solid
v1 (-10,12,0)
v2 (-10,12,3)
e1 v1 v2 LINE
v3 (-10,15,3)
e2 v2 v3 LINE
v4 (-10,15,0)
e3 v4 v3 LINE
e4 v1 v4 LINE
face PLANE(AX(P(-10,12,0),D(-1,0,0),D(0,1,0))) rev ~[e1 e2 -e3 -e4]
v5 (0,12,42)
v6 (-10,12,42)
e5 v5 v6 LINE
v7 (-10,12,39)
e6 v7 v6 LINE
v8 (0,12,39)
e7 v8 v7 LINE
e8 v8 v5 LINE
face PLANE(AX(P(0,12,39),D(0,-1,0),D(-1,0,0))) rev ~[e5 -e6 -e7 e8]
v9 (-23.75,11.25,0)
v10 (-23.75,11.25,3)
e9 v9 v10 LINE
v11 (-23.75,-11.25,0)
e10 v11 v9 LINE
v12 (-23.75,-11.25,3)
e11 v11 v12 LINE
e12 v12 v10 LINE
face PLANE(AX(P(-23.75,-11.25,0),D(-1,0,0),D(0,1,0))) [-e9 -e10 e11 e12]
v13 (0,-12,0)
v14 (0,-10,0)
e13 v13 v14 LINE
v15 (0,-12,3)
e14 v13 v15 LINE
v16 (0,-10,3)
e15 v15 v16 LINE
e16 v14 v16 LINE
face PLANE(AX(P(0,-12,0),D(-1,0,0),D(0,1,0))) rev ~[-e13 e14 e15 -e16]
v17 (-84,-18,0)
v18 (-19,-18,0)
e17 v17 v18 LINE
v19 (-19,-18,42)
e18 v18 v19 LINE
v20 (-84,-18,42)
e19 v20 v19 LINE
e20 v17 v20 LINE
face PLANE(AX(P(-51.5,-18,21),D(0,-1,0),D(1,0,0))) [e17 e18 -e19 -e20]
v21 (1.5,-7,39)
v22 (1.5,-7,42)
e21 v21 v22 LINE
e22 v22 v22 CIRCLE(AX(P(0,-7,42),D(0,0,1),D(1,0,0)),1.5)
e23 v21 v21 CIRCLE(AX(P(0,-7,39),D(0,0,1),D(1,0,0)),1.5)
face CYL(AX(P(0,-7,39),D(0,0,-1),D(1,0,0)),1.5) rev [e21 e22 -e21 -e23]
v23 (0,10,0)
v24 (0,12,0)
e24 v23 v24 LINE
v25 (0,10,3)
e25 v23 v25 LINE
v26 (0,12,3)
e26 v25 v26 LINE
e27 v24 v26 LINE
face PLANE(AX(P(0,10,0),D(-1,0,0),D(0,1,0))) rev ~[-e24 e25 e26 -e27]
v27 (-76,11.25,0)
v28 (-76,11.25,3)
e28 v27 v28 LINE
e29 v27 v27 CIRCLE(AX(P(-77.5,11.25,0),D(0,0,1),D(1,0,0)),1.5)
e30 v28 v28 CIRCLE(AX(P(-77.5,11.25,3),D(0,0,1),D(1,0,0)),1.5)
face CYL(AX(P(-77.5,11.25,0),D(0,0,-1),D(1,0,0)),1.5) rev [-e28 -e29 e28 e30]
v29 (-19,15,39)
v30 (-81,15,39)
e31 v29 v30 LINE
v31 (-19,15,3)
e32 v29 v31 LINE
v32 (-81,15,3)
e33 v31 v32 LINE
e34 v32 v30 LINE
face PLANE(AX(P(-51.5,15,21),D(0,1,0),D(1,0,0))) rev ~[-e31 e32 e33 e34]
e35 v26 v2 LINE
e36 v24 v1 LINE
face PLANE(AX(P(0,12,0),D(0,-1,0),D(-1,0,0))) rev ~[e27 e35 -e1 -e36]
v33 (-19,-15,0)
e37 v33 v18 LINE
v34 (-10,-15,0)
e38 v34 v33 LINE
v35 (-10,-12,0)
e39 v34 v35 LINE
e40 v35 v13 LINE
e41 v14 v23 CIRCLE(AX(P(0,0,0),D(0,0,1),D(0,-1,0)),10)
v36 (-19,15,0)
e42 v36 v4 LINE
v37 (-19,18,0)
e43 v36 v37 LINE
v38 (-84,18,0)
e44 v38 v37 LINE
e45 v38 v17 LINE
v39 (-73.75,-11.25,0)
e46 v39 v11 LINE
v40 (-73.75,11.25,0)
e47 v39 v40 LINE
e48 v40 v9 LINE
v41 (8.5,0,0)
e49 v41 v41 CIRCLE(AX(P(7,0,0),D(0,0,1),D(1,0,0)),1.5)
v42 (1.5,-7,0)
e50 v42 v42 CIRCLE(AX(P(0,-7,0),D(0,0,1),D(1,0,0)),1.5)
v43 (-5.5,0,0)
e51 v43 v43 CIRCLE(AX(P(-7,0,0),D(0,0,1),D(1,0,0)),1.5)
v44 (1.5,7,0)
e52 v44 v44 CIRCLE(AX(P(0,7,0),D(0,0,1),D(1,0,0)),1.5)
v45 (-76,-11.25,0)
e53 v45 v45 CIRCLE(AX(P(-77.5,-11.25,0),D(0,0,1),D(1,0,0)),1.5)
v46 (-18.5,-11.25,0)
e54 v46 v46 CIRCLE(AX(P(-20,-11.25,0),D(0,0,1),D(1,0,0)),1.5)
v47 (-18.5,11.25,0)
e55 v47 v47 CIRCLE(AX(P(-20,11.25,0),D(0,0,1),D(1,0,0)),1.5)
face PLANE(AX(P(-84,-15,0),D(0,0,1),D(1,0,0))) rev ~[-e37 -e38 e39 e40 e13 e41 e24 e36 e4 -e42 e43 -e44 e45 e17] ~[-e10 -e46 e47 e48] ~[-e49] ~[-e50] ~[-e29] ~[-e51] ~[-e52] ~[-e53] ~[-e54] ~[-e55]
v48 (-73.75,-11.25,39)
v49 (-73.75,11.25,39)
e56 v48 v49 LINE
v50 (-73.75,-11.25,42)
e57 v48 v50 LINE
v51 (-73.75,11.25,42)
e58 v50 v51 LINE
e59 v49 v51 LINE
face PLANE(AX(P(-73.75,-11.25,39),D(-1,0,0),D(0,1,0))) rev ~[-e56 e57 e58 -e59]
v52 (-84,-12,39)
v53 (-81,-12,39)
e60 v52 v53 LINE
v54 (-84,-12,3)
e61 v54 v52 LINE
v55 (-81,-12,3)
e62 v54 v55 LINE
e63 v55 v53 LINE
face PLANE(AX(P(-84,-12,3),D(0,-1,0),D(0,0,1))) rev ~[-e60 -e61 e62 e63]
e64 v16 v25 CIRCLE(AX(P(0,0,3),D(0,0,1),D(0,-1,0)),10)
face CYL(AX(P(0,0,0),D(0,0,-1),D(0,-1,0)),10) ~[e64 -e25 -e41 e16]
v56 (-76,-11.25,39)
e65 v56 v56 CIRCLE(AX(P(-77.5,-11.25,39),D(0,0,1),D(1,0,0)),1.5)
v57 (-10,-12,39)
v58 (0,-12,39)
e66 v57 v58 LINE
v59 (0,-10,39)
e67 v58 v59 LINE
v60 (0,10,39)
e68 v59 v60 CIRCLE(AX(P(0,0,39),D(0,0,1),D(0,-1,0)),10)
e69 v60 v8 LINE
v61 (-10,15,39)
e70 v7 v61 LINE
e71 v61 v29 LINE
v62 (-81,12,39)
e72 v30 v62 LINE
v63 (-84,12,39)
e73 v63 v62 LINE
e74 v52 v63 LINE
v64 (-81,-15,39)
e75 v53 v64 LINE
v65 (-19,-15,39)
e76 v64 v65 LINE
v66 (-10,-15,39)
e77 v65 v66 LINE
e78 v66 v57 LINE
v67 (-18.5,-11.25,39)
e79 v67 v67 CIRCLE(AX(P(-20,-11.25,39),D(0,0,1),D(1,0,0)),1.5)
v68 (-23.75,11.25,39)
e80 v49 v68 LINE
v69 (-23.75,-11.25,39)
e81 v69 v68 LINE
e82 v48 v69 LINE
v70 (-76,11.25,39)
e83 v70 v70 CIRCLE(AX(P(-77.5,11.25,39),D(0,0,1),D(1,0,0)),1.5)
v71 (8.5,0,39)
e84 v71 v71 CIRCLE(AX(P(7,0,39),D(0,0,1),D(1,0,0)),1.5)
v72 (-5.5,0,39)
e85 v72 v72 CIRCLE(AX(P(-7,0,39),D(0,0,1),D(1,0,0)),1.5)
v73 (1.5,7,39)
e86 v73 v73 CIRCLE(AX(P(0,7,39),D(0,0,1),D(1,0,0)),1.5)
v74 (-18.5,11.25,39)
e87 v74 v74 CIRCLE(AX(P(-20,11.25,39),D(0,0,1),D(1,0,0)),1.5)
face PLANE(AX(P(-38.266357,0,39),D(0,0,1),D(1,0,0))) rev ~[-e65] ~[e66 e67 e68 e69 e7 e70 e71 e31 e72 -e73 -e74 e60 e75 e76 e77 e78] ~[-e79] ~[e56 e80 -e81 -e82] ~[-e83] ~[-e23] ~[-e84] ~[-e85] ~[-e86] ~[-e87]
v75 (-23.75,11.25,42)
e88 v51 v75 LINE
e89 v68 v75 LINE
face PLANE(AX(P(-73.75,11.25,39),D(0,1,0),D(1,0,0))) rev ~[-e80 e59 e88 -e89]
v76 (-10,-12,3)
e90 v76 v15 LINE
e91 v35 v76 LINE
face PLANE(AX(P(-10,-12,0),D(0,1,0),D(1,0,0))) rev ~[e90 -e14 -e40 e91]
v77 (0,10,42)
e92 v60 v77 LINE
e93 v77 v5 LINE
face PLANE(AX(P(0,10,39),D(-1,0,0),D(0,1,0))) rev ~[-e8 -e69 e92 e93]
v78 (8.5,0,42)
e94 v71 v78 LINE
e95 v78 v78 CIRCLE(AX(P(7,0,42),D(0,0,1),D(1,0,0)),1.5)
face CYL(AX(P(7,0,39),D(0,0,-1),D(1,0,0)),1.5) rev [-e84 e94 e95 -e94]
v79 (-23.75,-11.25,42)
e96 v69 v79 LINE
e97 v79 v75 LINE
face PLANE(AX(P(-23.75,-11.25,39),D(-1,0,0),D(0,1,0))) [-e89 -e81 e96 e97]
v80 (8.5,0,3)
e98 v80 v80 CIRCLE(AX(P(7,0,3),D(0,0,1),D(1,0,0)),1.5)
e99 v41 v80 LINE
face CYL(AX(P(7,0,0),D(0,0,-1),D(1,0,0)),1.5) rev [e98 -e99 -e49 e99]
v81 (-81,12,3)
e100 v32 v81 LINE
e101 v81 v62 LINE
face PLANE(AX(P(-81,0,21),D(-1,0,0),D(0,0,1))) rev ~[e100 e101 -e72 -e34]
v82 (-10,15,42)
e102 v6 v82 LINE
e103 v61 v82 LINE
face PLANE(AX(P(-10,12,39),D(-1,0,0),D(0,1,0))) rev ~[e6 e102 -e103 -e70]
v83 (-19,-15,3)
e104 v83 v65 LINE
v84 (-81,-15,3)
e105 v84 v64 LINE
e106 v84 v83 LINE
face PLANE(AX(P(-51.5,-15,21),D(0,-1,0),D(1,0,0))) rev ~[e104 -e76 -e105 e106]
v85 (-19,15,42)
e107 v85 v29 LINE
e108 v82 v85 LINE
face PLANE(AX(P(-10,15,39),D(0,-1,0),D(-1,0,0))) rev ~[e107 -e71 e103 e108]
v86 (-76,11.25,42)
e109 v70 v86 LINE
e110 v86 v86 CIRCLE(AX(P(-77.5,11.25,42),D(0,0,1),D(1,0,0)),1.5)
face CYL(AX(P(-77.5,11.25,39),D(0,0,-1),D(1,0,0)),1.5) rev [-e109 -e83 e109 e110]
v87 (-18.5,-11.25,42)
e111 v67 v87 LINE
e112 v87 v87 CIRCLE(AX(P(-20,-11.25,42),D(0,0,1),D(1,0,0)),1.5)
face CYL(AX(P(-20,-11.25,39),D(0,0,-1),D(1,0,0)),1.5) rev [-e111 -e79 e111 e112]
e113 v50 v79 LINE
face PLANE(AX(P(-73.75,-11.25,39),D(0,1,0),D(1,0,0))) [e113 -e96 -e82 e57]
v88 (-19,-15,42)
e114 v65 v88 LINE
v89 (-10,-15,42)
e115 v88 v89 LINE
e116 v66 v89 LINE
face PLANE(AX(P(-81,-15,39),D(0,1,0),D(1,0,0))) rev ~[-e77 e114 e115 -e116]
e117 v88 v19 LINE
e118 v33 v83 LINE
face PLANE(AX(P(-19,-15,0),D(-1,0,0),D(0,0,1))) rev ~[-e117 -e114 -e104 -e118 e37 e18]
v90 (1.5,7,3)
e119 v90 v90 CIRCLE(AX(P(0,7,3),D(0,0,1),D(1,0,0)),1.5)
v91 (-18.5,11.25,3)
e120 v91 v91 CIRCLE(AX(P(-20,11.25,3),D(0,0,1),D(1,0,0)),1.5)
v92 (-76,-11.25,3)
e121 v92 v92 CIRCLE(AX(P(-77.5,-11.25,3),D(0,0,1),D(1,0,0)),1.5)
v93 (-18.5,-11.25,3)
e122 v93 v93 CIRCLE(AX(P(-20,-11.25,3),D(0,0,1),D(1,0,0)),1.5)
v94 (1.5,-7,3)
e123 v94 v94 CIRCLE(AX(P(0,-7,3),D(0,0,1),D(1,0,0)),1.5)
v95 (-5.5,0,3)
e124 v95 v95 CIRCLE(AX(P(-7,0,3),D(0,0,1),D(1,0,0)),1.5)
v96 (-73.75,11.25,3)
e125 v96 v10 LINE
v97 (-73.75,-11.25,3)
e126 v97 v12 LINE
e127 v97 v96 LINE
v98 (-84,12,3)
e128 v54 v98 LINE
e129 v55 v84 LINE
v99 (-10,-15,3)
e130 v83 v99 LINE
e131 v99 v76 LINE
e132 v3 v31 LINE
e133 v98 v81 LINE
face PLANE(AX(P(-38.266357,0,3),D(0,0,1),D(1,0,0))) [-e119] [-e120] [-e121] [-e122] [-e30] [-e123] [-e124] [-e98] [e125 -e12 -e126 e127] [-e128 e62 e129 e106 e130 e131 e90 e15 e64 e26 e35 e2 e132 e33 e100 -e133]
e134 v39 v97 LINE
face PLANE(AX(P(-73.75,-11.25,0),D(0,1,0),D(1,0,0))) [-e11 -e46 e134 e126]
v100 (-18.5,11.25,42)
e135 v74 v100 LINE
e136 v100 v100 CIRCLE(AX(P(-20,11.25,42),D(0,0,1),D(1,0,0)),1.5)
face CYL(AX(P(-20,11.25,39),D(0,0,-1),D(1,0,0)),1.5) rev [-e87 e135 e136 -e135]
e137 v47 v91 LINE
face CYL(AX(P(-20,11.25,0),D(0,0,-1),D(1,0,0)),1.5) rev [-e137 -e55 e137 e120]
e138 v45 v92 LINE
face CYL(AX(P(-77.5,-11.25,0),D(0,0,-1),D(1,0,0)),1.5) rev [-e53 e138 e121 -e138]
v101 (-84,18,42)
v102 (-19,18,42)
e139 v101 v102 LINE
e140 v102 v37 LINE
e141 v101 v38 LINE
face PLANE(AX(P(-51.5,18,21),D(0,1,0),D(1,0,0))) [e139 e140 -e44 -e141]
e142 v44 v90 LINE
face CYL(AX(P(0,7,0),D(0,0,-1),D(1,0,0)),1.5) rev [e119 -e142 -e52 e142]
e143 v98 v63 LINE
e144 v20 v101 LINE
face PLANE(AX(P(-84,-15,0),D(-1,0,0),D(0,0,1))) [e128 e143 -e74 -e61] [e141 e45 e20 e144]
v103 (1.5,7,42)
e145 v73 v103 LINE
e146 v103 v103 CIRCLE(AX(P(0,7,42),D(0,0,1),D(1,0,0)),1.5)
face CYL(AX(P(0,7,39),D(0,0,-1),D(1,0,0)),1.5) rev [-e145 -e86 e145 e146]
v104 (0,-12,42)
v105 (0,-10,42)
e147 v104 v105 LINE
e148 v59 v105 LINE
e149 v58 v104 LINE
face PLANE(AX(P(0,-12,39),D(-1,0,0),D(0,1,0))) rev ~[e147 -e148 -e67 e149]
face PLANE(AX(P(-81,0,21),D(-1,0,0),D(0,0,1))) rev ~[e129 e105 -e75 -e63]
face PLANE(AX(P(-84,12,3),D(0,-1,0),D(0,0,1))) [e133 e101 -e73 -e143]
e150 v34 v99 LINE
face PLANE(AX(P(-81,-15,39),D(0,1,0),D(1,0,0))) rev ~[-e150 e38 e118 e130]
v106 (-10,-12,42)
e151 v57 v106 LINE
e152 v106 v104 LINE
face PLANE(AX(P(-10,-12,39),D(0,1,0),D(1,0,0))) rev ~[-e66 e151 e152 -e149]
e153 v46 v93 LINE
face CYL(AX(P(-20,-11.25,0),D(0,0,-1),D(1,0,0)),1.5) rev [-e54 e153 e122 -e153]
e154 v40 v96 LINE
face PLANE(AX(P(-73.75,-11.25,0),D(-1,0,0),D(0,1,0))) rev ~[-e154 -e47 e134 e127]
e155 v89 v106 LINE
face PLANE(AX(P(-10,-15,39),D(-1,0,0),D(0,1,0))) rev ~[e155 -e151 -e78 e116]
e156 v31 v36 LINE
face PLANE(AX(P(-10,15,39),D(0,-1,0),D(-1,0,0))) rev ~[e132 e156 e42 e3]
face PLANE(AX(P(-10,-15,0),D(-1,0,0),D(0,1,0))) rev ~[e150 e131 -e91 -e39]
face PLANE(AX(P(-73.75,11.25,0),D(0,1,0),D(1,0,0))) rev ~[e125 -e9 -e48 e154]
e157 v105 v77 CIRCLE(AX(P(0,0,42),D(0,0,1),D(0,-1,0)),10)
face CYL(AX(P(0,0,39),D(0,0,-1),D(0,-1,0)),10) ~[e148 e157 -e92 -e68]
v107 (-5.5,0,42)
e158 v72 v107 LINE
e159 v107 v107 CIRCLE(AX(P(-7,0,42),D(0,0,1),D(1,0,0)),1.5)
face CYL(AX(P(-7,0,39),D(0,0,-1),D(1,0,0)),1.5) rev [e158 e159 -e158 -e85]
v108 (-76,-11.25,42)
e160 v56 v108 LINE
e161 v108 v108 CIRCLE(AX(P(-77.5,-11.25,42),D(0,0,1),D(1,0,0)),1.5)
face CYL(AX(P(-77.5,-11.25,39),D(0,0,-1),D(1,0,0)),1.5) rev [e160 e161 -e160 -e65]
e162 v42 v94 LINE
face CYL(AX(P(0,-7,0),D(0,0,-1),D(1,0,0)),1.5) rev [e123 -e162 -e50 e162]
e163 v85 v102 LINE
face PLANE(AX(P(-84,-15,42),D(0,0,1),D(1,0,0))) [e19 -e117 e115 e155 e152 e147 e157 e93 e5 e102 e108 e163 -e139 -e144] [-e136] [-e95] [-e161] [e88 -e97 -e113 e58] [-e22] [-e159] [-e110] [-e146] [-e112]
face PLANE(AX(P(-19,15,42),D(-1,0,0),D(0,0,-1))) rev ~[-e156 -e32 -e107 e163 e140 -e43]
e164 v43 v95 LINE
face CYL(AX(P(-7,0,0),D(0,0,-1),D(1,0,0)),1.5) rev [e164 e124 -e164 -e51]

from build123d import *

# Parameters (mm, degrees)
SKETCH1_R           = 1.5
SKETCH1_W           = 50
SKETCH1_H           = 22.5
BOSS_EXTRUDE2_DEPTH = 3
SKETCH2_W           = 42
SKETCH2_H           = 30
BOSS_EXTRUDE3_DEPTH = 3
BOSS_EXTRUDE4_START = 39
SKETCH1_2_R         = 1.5
SKETCH1_2_W         = 50
SKETCH1_2_H         = 22.5
BOSS_EXTRUDE4_DEPTH = 3
SKETCH4_W           = 36
SKETCH4_H           = 24
CUT_EXTRUDE1_DEPTH  = 3
SKETCH5_W           = 65
SKETCH5_H           = 42
BOSS_EXTRUDE5_DEPTH = 3
SKETCH6_W           = 65
SKETCH6_H           = 42
BOSS_EXTRUDE6_DEPTH = 3


with BuildPart() as part:
    # Sketch1 → Boss-Extrude2 (new body)
    with BuildSketch(Plane.XY):
        with BuildLine():
            Line((0, 10), (0, 12))
            Line((0, 12), (-10, 12))
            Line((-10, 12), (-10, 15))
            Line((-10, 15), (-81, 15))
            Line((-81, 15), (-81, -15))
            Line((-81, -15), (-10, -15))
            Line((-10, -15), (-10, -12))
            Line((-10, -12), (0, -12))
            Line((0, -12), (0, -10))
            ThreePointArc((0, -10), (10, 0), (0, 10))
        make_face()
        with Locations((0, 7)):
            Circle(SKETCH1_R, mode=Mode.SUBTRACT)
        with Locations((7, 0)):
            Circle(SKETCH1_R, mode=Mode.SUBTRACT)
        with Locations((0, -7)):
            Circle(SKETCH1_R, mode=Mode.SUBTRACT)
        with Locations((-7, 0)):
            Circle(SKETCH1_R, mode=Mode.SUBTRACT)
        with Locations((-20, 11.25)):
            Circle(SKETCH1_R, mode=Mode.SUBTRACT)
        with Locations((-20, -11.25)):
            Circle(SKETCH1_R, mode=Mode.SUBTRACT)
        with Locations((-77.5, 11.25)):
            Circle(SKETCH1_R, mode=Mode.SUBTRACT)
        with Locations((-77.5, -11.25)):
            Circle(SKETCH1_R, mode=Mode.SUBTRACT)
        with Locations((-48.75, 0)):
            Rectangle(SKETCH1_W, SKETCH1_H, mode=Mode.SUBTRACT)
    extrude(amount=BOSS_EXTRUDE2_DEPTH)

    # Sketch2 → Boss-Extrude3 (add)
    with BuildSketch(Plane.ZY.offset(81)):
        with Locations((21, 0)):
            Rectangle(SKETCH2_W, SKETCH2_H)
    extrude(amount=BOSS_EXTRUDE3_DEPTH)

    # Sketch1<2> → Boss-Extrude4 (add)
    with BuildSketch(Plane.XY.offset(BOSS_EXTRUDE4_START)):
        with BuildLine():
            Line((0, 10), (0, 12))
            Line((0, 12), (-10, 12))
            Line((-10, 12), (-10, 15))
            Line((-10, 15), (-81, 15))
            Line((-81, 15), (-81, -15))
            Line((-81, -15), (-10, -15))
            Line((-10, -15), (-10, -12))
            Line((-10, -12), (0, -12))
            Line((0, -12), (0, -10))
            ThreePointArc((0, -10), (10, 0), (0, 10))
        make_face()
        with Locations((0, 7)):
            Circle(SKETCH1_2_R, mode=Mode.SUBTRACT)
        with Locations((7, 0)):
            Circle(SKETCH1_2_R, mode=Mode.SUBTRACT)
        with Locations((0, -7)):
            Circle(SKETCH1_2_R, mode=Mode.SUBTRACT)
        with Locations((-7, 0)):
            Circle(SKETCH1_2_R, mode=Mode.SUBTRACT)
        with Locations((-20, 11.25)):
            Circle(SKETCH1_2_R, mode=Mode.SUBTRACT)
        with Locations((-20, -11.25)):
            Circle(SKETCH1_2_R, mode=Mode.SUBTRACT)
        with Locations((-77.5, 11.25)):
            Circle(SKETCH1_2_R, mode=Mode.SUBTRACT)
        with Locations((-77.5, -11.25)):
            Circle(SKETCH1_2_R, mode=Mode.SUBTRACT)
        with Locations((-48.75, 0)):
            Rectangle(SKETCH1_2_W, SKETCH1_2_H, mode=Mode.SUBTRACT)
    extrude(amount=BOSS_EXTRUDE4_DEPTH)

    # Sketch4 → Cut-Extrude1 (cut)
    with BuildSketch(Plane.ZY.offset(84)):
        with Locations((21, 0)):
            Rectangle(SKETCH4_W, SKETCH4_H)
    extrude(amount=-CUT_EXTRUDE1_DEPTH, mode=Mode.SUBTRACT)

    # Sketch5 → Boss-Extrude5 (add)
    with BuildSketch(Plane(origin=(0, 15, 0), x_dir=(1, 0, 0), z_dir=(0, 1, 0))):
        with Locations((-51.5, -21)):
            Rectangle(SKETCH5_W, SKETCH5_H)
    extrude(amount=BOSS_EXTRUDE5_DEPTH)

    # Sketch6 → Boss-Extrude6 (add)
    with BuildSketch(Plane.XZ.offset(15)):
        with Locations((-51.5, 21)):
            Rectangle(SKETCH6_W, SKETCH6_H)
    extrude(amount=BOSS_EXTRUDE6_DEPTH)


solid = part.part
